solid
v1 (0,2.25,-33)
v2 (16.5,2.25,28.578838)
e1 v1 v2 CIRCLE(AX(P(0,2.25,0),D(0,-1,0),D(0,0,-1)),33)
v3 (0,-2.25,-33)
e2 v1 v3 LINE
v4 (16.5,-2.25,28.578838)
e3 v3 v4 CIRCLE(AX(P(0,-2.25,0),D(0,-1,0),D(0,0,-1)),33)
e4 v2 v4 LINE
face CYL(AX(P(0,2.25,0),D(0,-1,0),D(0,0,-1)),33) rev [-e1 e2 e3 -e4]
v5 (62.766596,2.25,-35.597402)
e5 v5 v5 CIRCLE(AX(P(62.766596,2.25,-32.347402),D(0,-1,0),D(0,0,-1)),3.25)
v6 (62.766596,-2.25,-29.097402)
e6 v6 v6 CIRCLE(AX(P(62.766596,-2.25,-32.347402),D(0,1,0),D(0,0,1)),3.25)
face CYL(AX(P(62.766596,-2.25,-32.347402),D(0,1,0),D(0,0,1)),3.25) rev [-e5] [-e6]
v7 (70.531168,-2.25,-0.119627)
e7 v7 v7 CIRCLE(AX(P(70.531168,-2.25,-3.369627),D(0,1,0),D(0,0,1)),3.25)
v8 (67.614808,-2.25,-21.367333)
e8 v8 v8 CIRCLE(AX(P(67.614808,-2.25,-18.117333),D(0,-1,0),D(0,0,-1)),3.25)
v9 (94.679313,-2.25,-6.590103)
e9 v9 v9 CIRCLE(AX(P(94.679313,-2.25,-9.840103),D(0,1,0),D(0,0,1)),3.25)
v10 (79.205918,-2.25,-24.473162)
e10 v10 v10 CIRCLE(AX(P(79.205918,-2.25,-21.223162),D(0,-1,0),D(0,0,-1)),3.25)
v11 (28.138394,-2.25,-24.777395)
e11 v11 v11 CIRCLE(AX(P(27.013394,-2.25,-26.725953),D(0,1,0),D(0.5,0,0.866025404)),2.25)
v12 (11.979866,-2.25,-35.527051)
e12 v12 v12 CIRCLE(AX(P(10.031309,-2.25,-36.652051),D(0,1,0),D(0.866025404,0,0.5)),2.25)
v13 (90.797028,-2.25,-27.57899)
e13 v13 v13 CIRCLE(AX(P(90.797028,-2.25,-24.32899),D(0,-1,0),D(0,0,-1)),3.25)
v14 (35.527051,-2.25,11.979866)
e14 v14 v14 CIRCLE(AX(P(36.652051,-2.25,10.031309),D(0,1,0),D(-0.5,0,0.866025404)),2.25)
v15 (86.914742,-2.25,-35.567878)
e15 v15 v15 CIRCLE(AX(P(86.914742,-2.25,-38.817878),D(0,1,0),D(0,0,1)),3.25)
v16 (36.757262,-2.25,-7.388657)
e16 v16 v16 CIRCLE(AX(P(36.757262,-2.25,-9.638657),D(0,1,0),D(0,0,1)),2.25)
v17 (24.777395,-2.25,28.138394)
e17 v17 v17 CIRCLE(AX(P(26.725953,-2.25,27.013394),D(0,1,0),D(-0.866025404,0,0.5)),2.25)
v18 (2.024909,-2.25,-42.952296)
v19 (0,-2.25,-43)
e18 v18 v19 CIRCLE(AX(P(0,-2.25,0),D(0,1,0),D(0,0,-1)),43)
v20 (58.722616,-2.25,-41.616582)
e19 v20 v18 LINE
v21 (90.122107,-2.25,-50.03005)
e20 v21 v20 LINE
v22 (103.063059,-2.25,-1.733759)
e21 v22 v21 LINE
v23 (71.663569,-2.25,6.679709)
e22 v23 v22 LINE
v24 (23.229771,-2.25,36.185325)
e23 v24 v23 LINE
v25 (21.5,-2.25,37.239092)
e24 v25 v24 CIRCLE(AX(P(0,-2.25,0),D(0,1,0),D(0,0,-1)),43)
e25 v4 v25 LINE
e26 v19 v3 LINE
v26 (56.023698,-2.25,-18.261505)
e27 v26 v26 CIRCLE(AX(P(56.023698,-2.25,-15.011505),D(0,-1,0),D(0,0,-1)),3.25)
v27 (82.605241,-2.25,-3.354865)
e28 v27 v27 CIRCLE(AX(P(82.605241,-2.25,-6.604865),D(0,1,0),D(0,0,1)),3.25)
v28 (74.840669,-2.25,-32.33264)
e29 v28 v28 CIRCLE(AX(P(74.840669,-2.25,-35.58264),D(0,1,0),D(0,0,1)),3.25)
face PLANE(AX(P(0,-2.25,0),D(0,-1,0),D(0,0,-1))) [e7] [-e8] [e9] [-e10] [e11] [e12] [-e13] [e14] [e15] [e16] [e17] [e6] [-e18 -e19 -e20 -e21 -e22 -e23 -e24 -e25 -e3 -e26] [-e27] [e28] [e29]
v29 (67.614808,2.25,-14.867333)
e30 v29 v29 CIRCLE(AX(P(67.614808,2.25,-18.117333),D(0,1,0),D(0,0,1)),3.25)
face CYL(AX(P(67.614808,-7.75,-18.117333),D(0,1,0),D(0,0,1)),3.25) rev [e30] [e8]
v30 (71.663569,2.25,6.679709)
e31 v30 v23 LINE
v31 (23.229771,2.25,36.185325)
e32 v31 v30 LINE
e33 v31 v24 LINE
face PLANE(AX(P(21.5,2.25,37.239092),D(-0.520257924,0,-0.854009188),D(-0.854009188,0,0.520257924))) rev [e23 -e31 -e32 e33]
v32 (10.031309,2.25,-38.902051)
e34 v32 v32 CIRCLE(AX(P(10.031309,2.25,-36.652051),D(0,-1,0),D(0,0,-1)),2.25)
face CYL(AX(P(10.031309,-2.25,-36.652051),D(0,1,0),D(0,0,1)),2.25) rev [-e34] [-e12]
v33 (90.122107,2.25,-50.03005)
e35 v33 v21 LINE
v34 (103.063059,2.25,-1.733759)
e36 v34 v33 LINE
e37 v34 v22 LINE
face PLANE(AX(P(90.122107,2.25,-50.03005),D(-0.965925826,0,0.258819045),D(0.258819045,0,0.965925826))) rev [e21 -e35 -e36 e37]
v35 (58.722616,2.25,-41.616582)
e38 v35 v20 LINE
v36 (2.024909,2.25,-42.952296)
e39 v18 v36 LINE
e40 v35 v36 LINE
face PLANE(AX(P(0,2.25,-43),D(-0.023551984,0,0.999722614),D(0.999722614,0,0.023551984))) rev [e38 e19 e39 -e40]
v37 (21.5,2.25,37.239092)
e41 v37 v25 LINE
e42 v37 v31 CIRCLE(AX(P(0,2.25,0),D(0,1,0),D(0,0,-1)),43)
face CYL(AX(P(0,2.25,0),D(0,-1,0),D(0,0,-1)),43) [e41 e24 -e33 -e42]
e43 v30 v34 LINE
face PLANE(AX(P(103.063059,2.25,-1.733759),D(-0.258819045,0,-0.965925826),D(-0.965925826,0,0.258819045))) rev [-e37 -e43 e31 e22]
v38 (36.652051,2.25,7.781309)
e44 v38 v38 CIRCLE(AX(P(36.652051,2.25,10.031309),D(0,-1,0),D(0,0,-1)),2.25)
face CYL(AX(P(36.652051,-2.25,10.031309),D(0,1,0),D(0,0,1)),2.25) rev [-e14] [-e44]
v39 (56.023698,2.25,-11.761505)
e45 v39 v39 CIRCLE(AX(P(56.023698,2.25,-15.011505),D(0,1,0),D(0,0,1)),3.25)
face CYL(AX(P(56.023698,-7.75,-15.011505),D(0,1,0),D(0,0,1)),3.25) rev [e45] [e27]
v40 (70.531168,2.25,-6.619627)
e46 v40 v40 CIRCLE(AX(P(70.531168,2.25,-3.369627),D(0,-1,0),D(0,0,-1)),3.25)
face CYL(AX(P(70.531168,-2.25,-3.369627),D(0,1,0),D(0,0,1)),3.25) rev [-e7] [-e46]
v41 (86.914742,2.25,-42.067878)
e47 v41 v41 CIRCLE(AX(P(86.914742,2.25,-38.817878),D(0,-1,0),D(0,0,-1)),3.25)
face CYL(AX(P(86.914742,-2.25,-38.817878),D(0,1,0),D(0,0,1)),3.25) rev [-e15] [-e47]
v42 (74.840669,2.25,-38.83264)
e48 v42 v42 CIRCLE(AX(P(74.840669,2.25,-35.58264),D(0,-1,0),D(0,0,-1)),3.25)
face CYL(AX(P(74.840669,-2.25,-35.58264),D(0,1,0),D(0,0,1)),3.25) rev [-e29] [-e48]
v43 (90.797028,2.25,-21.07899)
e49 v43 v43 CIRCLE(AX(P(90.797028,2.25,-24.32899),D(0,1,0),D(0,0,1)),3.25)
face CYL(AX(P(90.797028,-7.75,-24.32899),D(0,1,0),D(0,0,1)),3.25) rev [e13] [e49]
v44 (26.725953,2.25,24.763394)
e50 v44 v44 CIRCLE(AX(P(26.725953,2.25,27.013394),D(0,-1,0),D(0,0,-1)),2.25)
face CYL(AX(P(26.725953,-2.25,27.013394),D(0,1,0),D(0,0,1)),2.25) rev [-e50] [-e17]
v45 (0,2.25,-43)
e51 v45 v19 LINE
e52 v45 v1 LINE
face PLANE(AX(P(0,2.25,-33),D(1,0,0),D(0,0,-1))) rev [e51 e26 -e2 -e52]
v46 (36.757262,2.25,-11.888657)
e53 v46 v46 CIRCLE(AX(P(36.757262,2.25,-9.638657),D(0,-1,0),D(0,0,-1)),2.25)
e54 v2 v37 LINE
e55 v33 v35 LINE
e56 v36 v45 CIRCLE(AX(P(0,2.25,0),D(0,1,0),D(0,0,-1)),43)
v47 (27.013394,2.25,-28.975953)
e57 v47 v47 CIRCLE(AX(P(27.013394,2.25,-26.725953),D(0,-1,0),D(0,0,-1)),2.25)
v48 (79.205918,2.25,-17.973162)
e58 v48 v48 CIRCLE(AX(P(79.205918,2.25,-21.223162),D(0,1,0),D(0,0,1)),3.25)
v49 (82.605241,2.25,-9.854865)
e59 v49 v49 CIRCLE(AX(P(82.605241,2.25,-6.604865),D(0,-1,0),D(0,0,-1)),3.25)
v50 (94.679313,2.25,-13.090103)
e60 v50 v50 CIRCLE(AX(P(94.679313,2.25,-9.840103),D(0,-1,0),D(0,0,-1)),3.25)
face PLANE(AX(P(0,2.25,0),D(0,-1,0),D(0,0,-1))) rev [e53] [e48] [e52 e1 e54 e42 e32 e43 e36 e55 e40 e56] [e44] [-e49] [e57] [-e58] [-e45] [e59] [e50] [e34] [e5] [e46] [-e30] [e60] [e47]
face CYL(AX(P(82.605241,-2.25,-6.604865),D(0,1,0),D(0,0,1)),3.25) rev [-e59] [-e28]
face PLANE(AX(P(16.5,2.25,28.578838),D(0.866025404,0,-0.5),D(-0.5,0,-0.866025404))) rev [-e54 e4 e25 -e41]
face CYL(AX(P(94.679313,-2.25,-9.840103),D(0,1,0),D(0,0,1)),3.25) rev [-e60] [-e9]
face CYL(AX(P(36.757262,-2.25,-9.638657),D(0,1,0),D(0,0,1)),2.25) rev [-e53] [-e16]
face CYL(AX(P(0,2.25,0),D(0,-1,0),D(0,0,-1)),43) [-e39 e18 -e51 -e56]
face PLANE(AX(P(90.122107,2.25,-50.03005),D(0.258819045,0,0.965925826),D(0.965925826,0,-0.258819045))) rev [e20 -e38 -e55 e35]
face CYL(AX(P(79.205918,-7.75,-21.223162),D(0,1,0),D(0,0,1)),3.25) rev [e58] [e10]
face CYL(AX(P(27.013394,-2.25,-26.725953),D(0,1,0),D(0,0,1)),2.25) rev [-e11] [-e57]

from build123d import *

# Parameters (mm, degrees)
BOSS_EXTRUDE1_DEPTH             = 2.25
BOSS_EXTRUDE2_DEPTH             = 2.25
BOSS_EXTRUDE3_DEPTH             = 2.25
CUT_EXTRUDE1_START              = -5.5
SKETCH2_R                       = 2.25
CUT_EXTRUDE1_DEPTH              = 6.5
CIRPATTERN1_COUNT               = 3
CIRPATTERN1_ANGLE               = 60
CIRPATTERN1_THE_OTHER_WAY_COUNT = 3
CIRPATTERN1_THE_OTHER_WAY_ANGLE = 60
CUT_EXTRUDE2_START              = -5.5
SKETCH6_R                       = 3.25
CUT_EXTRUDE2_DEPTH              = 6.5
LPATTERN1_COUNT                 = 3
LPATTERN1_PITCH                 = 12.5
SKETCH7_R                       = 3.25
CUT_EXTRUDE3_DEPTH              = 10
LPATTERN2_COUNT                 = 4
LPATTERN2_PITCH                 = 12


with BuildPart() as part:
    # Sketch1 → Boss-Extrude1 (new body, symmetric)
    with BuildSketch(Plane(origin=(0, 0, 0), x_dir=(1, 0, 0), z_dir=(0, 1, 0))):
        with BuildLine():
            Line((0, 33), (0, 43))
            ThreePointArc((0, 43), (41.53481053, 11.129218939), (21.5, -37.239092363))
            Line((21.5, -37.239092363), (16.5, -28.578838325))
            ThreePointArc((16.5, -28.578838325), (31.875552268, 8.541028488), (0, 33))
        make_face()
    extrude(amount=BOSS_EXTRUDE1_DEPTH, both=True)

    # Sketch4 → Boss-Extrude2 (add, symmetric)
    with BuildSketch(Plane(origin=(0, 0, 0), x_dir=(1, 0, 0), z_dir=(0, 1, 0))):
        Polygon((90.122106501, 50.030050167), (25.40507614, 32.689174146), (38.346028395, -15.607117169), (103.063058756, 1.733758853), align=None)
    extrude(amount=BOSS_EXTRUDE2_DEPTH, both=True)

    # Sketch5 → Boss-Extrude3 (add, symmetric)
    with BuildSketch(Plane(origin=(0, 0, 0), x_dir=(1, 0, 0), z_dir=(0, 1, 0))):
        Polygon((0, 43), (58.722616268, 41.616582117), (27.323126035, 33.203114066), align=None)
        Polygon((71.663568523, -6.679709198), (40.26407829, -15.093177248), (21.5, -37.239092363), align=None)
    extrude(amount=BOSS_EXTRUDE3_DEPTH, both=True)

    # Sketch2 → Cut-Extrude1 (cut)
    with BuildSketch(Plane(origin=(0, 2.25, 0), x_dir=(1, 0, 0), z_dir=(0, 1, 0)).offset(CUT_EXTRUDE1_START)):
        with Locations((36.757261811, 9.638656763)):
            Circle(SKETCH2_R)
    cut_extrude1 = extrude(amount=CUT_EXTRUDE1_DEPTH, mode=Mode.SUBTRACT)

    # CirPattern1: Cut-Extrude1 ×3 about axis
    cirpattern1_axis = Axis((0, 0, 0), (0, -1, 0))
    for i in range(1, CIRPATTERN1_COUNT):
        add(cut_extrude1.rotate(cirpattern1_axis, i * CIRPATTERN1_ANGLE / (CIRPATTERN1_COUNT - 1)), mode=Mode.SUBTRACT)

    # CirPattern1 the other way: Cut-Extrude1 ×3 about axis
    cirpattern1_the_other_way_axis = Axis((0, 0, 0), (0, 1, 0))
    for i in range(1, CIRPATTERN1_THE_OTHER_WAY_COUNT):
        add(cut_extrude1.rotate(cirpattern1_the_other_way_axis, i * CIRPATTERN1_THE_OTHER_WAY_ANGLE / (CIRPATTERN1_THE_OTHER_WAY_COUNT - 1)), mode=Mode.SUBTRACT)

    # Sketch6 → Cut-Extrude2 (cut)
    with BuildSketch(Plane(origin=(0, 2.25, 0), x_dir=(1, 0, 0), z_dir=(0, 1, 0)).offset(CUT_EXTRUDE2_START)):
        with Locations((94.679313348, 9.840102845)):
            Circle(SKETCH6_R)
        with Locations((86.914741995, 38.817877634)):
            Circle(SKETCH6_R)
    cut_extrude2 = extrude(amount=CUT_EXTRUDE2_DEPTH, mode=Mode.SUBTRACT)

    # LPattern1: Cut-Extrude2 ×3
    with Locations(*[Vector(-0.965925826, 0, 0.258819045) * (i * LPATTERN1_PITCH) for i in range(1, LPATTERN1_COUNT)]):
        add(cut_extrude2, mode=Mode.SUBTRACT)

    # Sketch7 → Cut-Extrude3 (cut)
    with BuildSketch(Plane(origin=(0, 2.25, 0), x_dir=(1, 0, 0), z_dir=(0, 1, 0))):
        with Locations((90.797027671, 24.32899024)):
            Circle(SKETCH7_R)
    cut_extrude3 = extrude(amount=-CUT_EXTRUDE3_DEPTH, mode=Mode.SUBTRACT)

    # LPattern2: Cut-Extrude3 ×4
    with Locations(*[Vector(-0.965925826, 0, 0.258819045) * (i * LPATTERN2_PITCH) for i in range(1, LPATTERN2_COUNT)]):
        add(cut_extrude3, mode=Mode.SUBTRACT)


solid = part.part
